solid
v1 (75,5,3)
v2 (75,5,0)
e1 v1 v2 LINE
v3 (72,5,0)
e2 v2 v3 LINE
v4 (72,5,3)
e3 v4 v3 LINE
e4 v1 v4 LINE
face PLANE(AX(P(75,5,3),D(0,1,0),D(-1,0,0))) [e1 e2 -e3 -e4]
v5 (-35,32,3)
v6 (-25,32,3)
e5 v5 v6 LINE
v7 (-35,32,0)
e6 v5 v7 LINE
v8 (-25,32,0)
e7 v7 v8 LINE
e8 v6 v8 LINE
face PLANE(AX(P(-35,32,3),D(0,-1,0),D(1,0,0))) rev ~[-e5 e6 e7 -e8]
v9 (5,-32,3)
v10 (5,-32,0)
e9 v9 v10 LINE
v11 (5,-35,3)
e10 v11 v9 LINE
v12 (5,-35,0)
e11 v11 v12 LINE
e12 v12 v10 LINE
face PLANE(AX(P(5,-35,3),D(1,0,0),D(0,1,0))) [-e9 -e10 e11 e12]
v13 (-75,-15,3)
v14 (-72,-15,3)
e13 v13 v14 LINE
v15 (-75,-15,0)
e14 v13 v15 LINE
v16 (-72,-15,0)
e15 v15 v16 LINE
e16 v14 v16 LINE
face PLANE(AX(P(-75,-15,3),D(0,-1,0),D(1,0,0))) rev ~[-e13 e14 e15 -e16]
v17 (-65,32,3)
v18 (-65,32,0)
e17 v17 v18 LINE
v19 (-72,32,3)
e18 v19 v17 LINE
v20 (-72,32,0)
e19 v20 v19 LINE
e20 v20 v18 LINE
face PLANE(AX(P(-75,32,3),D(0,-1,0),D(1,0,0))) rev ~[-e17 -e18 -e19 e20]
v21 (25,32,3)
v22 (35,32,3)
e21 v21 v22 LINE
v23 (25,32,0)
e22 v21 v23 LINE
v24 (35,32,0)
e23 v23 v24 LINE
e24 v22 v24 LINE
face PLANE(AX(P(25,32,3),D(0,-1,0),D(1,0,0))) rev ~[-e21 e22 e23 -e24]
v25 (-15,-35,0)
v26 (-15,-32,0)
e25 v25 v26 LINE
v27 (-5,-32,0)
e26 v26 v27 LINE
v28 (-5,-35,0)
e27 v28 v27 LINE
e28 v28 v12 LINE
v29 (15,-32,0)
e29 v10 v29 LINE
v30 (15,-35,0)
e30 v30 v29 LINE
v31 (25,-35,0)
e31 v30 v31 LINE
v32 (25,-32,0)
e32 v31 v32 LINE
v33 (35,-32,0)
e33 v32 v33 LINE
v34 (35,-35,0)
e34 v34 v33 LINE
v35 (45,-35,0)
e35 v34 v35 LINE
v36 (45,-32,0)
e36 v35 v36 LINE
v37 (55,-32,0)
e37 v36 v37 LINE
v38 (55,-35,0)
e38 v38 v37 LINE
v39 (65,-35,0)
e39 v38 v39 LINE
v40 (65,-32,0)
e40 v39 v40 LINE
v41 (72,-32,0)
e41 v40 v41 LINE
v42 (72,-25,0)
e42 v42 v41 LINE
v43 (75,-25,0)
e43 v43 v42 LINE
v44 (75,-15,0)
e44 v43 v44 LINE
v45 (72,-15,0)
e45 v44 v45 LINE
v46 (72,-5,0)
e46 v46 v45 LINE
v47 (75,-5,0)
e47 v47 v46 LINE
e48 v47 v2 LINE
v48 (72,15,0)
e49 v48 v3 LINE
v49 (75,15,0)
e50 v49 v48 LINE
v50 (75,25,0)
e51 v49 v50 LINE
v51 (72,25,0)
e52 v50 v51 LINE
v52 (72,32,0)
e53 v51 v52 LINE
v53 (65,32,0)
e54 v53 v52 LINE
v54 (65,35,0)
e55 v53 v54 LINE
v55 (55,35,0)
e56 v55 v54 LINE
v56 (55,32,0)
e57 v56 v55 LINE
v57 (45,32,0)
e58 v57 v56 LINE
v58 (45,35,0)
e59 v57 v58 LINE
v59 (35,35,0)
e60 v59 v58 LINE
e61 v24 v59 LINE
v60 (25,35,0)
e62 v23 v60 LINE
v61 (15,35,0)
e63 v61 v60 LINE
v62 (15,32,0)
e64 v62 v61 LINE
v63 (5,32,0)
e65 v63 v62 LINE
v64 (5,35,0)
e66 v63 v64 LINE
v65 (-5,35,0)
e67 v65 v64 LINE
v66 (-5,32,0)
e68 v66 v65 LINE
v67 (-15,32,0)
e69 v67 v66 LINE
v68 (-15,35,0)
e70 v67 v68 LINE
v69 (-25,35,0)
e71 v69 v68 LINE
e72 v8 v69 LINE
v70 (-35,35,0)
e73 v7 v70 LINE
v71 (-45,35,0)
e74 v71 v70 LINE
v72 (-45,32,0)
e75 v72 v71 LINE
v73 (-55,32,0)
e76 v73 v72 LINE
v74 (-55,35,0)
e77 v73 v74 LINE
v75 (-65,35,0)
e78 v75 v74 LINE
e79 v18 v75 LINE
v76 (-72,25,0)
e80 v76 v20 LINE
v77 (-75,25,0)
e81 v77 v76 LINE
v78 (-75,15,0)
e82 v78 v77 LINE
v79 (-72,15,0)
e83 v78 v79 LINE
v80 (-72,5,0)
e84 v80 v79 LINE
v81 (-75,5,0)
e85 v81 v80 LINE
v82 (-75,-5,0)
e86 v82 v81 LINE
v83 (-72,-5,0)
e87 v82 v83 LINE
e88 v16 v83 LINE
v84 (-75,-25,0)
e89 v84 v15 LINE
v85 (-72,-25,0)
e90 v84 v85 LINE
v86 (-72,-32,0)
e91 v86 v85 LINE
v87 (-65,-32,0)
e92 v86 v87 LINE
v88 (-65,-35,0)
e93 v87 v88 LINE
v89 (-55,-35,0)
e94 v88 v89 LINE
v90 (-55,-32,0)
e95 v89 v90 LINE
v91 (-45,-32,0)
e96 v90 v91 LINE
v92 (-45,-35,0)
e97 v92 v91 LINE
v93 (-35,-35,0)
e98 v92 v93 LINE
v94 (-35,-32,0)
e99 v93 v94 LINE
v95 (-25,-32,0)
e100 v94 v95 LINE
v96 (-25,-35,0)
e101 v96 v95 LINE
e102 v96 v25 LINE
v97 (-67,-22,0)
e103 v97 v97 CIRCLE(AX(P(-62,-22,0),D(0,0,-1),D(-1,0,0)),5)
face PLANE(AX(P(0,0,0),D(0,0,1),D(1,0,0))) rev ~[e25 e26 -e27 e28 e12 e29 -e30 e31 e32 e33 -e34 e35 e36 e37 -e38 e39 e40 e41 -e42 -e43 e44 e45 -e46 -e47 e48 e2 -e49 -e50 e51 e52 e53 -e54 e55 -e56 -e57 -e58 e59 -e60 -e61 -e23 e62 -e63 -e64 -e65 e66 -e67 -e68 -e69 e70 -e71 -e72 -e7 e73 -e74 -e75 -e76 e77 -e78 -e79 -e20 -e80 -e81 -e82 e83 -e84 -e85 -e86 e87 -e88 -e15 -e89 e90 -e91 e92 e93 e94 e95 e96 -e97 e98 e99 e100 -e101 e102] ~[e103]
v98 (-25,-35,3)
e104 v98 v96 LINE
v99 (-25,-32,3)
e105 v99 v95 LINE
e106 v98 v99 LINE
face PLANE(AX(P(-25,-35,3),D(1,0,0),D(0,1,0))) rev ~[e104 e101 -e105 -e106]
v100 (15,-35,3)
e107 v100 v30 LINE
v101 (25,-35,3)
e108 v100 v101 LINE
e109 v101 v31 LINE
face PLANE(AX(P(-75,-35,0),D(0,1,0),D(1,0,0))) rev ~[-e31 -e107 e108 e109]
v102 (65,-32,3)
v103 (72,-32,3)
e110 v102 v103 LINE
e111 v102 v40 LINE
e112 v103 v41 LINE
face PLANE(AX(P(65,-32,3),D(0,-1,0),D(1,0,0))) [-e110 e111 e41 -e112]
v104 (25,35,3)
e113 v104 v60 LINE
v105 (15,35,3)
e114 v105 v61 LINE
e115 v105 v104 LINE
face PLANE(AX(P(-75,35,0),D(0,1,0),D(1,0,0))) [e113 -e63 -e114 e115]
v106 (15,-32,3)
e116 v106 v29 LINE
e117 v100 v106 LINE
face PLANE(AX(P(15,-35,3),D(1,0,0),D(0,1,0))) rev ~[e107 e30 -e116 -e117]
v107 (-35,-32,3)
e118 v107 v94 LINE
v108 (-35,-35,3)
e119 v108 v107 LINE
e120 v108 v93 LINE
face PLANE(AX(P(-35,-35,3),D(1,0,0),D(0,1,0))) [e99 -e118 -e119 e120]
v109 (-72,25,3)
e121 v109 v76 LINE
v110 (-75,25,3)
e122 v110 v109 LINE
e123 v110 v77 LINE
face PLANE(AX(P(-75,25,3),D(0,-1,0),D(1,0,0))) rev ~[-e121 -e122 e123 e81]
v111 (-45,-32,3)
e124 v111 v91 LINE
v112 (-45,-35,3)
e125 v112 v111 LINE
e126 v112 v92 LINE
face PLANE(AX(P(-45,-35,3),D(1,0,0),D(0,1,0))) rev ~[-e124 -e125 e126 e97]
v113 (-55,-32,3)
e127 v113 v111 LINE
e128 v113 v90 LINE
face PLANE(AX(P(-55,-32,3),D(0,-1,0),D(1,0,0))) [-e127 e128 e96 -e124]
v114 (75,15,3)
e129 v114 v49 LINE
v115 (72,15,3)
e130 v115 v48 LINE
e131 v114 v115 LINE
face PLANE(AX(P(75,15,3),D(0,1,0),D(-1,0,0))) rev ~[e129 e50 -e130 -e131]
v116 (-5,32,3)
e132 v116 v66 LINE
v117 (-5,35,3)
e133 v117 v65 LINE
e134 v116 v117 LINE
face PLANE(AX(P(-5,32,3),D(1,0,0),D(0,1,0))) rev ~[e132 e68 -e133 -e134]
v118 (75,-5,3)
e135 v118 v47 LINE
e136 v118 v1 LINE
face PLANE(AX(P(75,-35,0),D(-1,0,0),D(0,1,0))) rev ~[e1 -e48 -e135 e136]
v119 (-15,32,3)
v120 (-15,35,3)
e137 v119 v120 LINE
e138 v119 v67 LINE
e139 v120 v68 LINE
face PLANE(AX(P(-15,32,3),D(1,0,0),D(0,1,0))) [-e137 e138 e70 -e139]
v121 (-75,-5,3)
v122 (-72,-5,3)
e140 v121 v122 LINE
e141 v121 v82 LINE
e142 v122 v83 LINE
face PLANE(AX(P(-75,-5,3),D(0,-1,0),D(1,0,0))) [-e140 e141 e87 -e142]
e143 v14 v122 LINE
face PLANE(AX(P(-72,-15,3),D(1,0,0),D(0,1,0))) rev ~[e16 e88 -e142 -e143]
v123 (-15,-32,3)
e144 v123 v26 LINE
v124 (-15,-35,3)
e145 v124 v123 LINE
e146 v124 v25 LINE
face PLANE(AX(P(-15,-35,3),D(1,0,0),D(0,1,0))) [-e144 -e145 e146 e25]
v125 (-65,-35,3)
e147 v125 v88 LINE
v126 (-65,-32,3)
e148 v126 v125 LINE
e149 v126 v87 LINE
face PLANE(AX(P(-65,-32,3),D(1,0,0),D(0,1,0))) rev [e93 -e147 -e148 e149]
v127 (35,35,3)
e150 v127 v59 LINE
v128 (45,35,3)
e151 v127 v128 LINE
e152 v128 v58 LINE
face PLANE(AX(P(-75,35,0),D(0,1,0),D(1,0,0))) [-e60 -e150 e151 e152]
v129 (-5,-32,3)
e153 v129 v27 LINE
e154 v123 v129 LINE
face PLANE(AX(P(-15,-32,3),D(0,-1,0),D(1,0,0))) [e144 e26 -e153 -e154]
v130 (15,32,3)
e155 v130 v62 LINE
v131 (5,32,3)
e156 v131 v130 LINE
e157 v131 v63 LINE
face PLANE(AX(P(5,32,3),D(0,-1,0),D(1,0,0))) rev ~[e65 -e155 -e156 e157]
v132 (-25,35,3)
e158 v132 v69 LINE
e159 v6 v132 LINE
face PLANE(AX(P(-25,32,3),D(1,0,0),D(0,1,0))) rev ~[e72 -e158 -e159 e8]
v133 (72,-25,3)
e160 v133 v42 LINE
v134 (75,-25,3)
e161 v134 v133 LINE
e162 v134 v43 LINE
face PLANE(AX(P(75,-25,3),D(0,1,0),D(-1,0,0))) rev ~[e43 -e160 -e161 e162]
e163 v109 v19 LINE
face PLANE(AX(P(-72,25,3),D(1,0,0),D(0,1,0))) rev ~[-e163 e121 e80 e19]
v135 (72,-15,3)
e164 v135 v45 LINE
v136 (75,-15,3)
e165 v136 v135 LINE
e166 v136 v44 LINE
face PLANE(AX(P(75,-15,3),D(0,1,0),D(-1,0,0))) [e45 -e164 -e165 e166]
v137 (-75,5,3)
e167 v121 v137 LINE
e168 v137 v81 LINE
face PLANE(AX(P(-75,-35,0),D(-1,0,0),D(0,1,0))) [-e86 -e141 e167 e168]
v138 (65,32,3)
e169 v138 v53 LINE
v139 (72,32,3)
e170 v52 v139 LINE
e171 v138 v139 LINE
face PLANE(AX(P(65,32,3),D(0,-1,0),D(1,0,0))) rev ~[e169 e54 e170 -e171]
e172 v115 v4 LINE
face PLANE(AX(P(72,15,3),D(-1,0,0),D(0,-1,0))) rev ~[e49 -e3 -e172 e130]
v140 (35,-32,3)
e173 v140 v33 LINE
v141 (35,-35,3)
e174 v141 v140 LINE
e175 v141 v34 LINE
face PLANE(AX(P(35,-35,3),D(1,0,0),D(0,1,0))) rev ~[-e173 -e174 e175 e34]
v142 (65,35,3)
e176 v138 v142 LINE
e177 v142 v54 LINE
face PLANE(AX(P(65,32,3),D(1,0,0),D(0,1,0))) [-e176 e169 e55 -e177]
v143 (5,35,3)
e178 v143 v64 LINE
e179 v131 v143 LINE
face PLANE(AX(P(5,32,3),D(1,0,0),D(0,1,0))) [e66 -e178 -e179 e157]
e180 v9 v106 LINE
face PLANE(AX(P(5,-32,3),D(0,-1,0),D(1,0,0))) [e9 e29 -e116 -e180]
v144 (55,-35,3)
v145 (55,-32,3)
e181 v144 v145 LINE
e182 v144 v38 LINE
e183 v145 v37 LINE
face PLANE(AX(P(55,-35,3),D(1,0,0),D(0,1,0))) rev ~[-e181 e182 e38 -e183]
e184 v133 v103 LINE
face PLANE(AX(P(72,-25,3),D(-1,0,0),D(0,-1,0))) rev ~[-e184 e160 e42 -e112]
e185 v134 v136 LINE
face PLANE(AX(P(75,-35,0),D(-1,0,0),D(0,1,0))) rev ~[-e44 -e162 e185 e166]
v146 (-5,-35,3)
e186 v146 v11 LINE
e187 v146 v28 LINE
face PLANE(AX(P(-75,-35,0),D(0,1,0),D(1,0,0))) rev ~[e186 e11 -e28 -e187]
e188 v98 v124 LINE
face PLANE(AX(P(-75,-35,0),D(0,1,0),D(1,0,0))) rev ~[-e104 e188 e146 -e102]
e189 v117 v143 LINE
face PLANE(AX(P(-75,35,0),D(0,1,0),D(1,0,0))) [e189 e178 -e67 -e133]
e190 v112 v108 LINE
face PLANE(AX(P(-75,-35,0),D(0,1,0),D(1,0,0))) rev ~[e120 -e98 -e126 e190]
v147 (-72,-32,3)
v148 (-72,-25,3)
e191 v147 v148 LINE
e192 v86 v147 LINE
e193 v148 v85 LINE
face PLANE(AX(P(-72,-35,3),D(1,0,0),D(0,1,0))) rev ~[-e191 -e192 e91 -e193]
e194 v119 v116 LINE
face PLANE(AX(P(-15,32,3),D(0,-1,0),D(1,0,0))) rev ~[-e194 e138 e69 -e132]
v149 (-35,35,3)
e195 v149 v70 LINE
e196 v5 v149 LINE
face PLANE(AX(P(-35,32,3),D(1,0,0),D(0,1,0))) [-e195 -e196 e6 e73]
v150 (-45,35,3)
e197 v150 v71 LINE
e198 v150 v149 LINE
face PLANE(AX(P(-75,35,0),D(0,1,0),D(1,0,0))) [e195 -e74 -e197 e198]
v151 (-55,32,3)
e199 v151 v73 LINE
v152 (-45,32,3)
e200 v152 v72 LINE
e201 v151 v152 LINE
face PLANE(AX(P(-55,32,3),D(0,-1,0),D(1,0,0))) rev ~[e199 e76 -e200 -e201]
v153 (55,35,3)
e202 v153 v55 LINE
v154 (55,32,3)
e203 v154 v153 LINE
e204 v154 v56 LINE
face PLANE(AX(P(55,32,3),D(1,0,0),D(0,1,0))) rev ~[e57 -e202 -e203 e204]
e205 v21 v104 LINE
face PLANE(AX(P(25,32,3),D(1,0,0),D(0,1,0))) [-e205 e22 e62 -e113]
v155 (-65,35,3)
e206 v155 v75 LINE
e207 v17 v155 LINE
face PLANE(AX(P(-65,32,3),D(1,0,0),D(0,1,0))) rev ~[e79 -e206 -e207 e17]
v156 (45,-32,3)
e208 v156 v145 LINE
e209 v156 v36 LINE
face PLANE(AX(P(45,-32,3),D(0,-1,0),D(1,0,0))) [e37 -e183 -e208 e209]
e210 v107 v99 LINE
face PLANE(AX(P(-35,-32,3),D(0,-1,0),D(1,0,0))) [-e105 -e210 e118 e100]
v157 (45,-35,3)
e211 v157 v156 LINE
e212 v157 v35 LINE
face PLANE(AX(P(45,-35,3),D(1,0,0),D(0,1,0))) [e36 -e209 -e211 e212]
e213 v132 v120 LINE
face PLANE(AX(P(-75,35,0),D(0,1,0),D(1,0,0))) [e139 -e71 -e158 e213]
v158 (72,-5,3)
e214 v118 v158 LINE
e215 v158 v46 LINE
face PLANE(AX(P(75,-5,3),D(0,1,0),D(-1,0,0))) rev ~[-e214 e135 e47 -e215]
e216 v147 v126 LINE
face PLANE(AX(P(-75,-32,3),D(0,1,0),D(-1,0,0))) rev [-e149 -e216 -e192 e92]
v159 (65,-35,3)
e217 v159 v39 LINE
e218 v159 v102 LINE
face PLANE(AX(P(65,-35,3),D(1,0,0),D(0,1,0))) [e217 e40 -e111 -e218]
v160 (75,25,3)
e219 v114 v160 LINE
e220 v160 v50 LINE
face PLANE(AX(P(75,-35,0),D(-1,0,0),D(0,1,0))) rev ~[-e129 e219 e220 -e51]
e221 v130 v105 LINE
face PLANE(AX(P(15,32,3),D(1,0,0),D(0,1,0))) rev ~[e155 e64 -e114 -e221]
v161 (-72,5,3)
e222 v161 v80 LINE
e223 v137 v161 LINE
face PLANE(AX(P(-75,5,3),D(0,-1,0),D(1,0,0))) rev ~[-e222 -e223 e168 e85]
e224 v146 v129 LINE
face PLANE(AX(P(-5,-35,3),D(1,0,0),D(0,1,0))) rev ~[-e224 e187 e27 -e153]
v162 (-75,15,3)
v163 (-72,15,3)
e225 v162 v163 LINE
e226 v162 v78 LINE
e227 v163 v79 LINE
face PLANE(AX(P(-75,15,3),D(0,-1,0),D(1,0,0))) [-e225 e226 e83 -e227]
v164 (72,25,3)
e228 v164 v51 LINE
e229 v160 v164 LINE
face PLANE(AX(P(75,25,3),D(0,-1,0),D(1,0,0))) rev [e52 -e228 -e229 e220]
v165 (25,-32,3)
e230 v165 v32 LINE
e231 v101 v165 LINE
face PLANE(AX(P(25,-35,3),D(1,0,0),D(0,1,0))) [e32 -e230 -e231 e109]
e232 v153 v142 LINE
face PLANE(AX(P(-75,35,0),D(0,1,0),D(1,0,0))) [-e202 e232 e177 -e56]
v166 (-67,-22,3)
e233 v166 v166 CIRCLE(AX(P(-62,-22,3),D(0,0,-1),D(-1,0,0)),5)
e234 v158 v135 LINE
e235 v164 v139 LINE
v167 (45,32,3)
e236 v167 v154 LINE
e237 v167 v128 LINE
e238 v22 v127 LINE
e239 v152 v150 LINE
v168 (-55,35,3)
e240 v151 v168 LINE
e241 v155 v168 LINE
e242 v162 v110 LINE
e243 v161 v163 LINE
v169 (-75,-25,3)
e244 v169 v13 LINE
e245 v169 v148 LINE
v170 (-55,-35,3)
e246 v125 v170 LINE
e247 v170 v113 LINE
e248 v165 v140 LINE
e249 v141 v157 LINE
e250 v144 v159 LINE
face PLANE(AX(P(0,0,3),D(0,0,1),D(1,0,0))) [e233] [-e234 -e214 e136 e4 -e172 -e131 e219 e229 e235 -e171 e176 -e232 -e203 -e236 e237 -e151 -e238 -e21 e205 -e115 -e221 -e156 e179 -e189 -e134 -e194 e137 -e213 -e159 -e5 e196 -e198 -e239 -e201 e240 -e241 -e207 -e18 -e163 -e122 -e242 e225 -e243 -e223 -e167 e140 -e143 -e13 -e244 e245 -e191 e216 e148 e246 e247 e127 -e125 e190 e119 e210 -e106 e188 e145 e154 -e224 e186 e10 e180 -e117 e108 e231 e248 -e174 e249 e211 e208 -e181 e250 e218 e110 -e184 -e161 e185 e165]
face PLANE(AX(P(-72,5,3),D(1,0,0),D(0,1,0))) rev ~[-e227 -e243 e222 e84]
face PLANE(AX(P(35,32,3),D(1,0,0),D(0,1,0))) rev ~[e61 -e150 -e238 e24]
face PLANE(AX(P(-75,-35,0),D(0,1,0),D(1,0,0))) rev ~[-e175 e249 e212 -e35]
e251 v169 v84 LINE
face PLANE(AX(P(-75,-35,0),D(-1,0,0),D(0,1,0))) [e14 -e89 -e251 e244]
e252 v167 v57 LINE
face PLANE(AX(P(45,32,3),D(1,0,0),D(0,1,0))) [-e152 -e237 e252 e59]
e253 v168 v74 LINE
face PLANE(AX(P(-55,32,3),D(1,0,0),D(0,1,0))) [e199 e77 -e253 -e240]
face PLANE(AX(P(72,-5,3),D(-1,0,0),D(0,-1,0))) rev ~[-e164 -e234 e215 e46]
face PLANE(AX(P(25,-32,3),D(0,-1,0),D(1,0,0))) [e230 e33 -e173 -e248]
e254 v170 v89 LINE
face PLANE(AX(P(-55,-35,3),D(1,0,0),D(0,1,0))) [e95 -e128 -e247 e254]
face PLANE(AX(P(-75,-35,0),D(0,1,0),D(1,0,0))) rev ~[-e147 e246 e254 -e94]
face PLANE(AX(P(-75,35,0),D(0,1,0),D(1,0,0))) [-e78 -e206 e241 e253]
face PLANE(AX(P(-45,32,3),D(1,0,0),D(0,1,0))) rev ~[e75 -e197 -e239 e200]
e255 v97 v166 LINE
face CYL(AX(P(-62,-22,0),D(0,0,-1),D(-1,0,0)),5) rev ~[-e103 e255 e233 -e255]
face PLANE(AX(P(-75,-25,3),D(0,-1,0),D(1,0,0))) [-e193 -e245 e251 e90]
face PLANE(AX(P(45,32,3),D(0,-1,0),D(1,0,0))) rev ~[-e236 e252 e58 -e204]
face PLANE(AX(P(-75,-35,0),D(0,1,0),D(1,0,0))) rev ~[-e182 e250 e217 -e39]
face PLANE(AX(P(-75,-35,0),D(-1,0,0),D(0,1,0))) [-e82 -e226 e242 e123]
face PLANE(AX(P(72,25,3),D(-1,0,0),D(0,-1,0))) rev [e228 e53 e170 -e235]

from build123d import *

# Parameters (mm, degrees)
SKETCH1_W               = 150
SKETCH1_H               = 70
BOSS_EXTRUDE1_DEPTH     = 3
SKETCH2_W               = 10
SKETCH2_H               = 3
CUT_EXTRUDE1_DEPTH      = 3
LPATTERN3_COUNT         = 8
LPATTERN3_PITCH         = 20
MIRROR1_COPY_1_SKETCH_W = 10
MIRROR1_COPY_1_SKETCH_H = 3
MIRROR1_COPY_1_DEPTH    = 3
MIRROR1_COPY_2_SKETCH_W = 10
MIRROR1_COPY_2_SKETCH_H = 3
MIRROR1_COPY_2_DEPTH    = 3
MIRROR1_COPY_3_SKETCH_W = 10
MIRROR1_COPY_3_SKETCH_H = 3
MIRROR1_COPY_3_DEPTH    = 3
MIRROR1_COPY_4_SKETCH_W = 10
MIRROR1_COPY_4_SKETCH_H = 3
MIRROR1_COPY_4_DEPTH    = 3
MIRROR1_COPY_5_SKETCH_W = 10
MIRROR1_COPY_5_SKETCH_H = 3
MIRROR1_COPY_5_DEPTH    = 3
MIRROR1_COPY_6_SKETCH_W = 10
MIRROR1_COPY_6_SKETCH_H = 3
MIRROR1_COPY_6_DEPTH    = 3
MIRROR1_COPY_7_SKETCH_W = 10
MIRROR1_COPY_7_SKETCH_H = 3
MIRROR1_COPY_7_DEPTH    = 3
SKETCH3_W               = 3
SKETCH3_H               = 10
CUT_EXTRUDE2_DEPTH      = 3
LPATTERN4_COUNT         = 4
LPATTERN4_PITCH         = 20
MIRROR2_COPY_1_SKETCH_W = 3
MIRROR2_COPY_1_SKETCH_H = 10
MIRROR2_COPY_1_DEPTH    = 3
MIRROR2_COPY_2_SKETCH_W = 3
MIRROR2_COPY_2_SKETCH_H = 10
MIRROR2_COPY_2_DEPTH    = 3
MIRROR2_COPY_3_SKETCH_W = 3
MIRROR2_COPY_3_SKETCH_H = 10
MIRROR2_COPY_3_DEPTH    = 3
SKETCH6_R               = 5
CUT_EXTRUDE3_DEPTH      = 3


with BuildPart() as part:
    # Sketch1 → Boss-Extrude1 (new body)
    with BuildSketch(Plane.XY):
        Rectangle(SKETCH1_W, SKETCH1_H)
    extrude(amount=BOSS_EXTRUDE1_DEPTH)

    # Sketch2 → Cut-Extrude1 (cut)
    with BuildSketch(Plane.XY.offset(3)):
        with Locations((-70, 33.5)):
            Rectangle(SKETCH2_W, SKETCH2_H)
    cut_extrude1 = extrude(amount=-CUT_EXTRUDE1_DEPTH, mode=Mode.SUBTRACT)

    # LPattern3: Cut-Extrude1 ×8
    with Locations(*[(i * LPATTERN3_PITCH, 0, 0) for i in range(1, LPATTERN3_COUNT)]):
        add(cut_extrude1, mode=Mode.SUBTRACT)

    # Mirror1: Cut-Extrude1 across plane
    add(cut_extrude1.mirror(Plane.ZX), mode=Mode.SUBTRACT)

    # Mirror1 copy 1 sketch → Mirror1 copy 1 (cut)
    with BuildSketch(Plane(origin=(20, 0, 3), x_dir=(1, 0, 0), z_dir=(0, 0, 1))):
        with Locations((-70, -33.5)):
            Rectangle(MIRROR1_COPY_1_SKETCH_W, MIRROR1_COPY_1_SKETCH_H)
    extrude(amount=-MIRROR1_COPY_1_DEPTH, mode=Mode.SUBTRACT)

    # Mirror1 copy 2 sketch → Mirror1 copy 2 (cut)
    with BuildSketch(Plane(origin=(40, 0, 3), x_dir=(1, 0, 0), z_dir=(0, 0, 1))):
        with Locations((-70, -33.5)):
            Rectangle(MIRROR1_COPY_2_SKETCH_W, MIRROR1_COPY_2_SKETCH_H)
    extrude(amount=-MIRROR1_COPY_2_DEPTH, mode=Mode.SUBTRACT)

    # Mirror1 copy 3 sketch → Mirror1 copy 3 (cut)
    with BuildSketch(Plane(origin=(60, 0, 3), x_dir=(1, 0, 0), z_dir=(0, 0, 1))):
        with Locations((-70, -33.5)):
            Rectangle(MIRROR1_COPY_3_SKETCH_W, MIRROR1_COPY_3_SKETCH_H)
    extrude(amount=-MIRROR1_COPY_3_DEPTH, mode=Mode.SUBTRACT)

    # Mirror1 copy 4 sketch → Mirror1 copy 4 (cut)
    with BuildSketch(Plane(origin=(80, 0, 3), x_dir=(1, 0, 0), z_dir=(0, 0, 1))):
        with Locations((-70, -33.5)):
            Rectangle(MIRROR1_COPY_4_SKETCH_W, MIRROR1_COPY_4_SKETCH_H)
    extrude(amount=-MIRROR1_COPY_4_DEPTH, mode=Mode.SUBTRACT)

    # Mirror1 copy 5 sketch → Mirror1 copy 5 (cut)
    with BuildSketch(Plane(origin=(100, 0, 3), x_dir=(1, 0, 0), z_dir=(0, 0, 1))):
        with Locations((-70, -33.5)):
            Rectangle(MIRROR1_COPY_5_SKETCH_W, MIRROR1_COPY_5_SKETCH_H)
    extrude(amount=-MIRROR1_COPY_5_DEPTH, mode=Mode.SUBTRACT)

    # Mirror1 copy 6 sketch → Mirror1 copy 6 (cut)
    with BuildSketch(Plane(origin=(120, 0, 3), x_dir=(1, 0, 0), z_dir=(0, 0, 1))):
        with Locations((-70, -33.5)):
            Rectangle(MIRROR1_COPY_6_SKETCH_W, MIRROR1_COPY_6_SKETCH_H)
    extrude(amount=-MIRROR1_COPY_6_DEPTH, mode=Mode.SUBTRACT)

    # Mirror1 copy 7 sketch → Mirror1 copy 7 (cut)
    with BuildSketch(Plane(origin=(140, 0, 3), x_dir=(1, 0, 0), z_dir=(0, 0, 1))):
        with Locations((-70, -33.5)):
            Rectangle(MIRROR1_COPY_7_SKETCH_W, MIRROR1_COPY_7_SKETCH_H)
    extrude(amount=-MIRROR1_COPY_7_DEPTH, mode=Mode.SUBTRACT)

    # Sketch3 → Cut-Extrude2 (cut)
    with BuildSketch(Plane.XY.offset(3)):
        with Locations((-73.5, 30)):
            Rectangle(SKETCH3_W, SKETCH3_H)
    cut_extrude2 = extrude(amount=-CUT_EXTRUDE2_DEPTH, mode=Mode.SUBTRACT)

    # LPattern4: Cut-Extrude2 ×4
    with Locations(*[(0, -i * LPATTERN4_PITCH, 0) for i in range(1, LPATTERN4_COUNT)]):
        add(cut_extrude2, mode=Mode.SUBTRACT)

    # Mirror2: Cut-Extrude2 across plane
    add(cut_extrude2.mirror(Plane(origin=(0, 0, 0), x_dir=(0, 0, 1), z_dir=(1, 0, 0))), mode=Mode.SUBTRACT)

    # Mirror2 copy 1 sketch → Mirror2 copy 1 (cut)
    with BuildSketch(Plane(origin=(0, -20, 3), x_dir=(-1, 0, 0), z_dir=(0, 0, 1))):
        with Locations((-73.5, -30)):
            Rectangle(MIRROR2_COPY_1_SKETCH_W, MIRROR2_COPY_1_SKETCH_H)
    extrude(amount=-MIRROR2_COPY_1_DEPTH, mode=Mode.SUBTRACT)

    # Mirror2 copy 2 sketch → Mirror2 copy 2 (cut)
    with BuildSketch(Plane(origin=(0, -40, 3), x_dir=(-1, 0, 0), z_dir=(0, 0, 1))):
        with Locations((-73.5, -30)):
            Rectangle(MIRROR2_COPY_2_SKETCH_W, MIRROR2_COPY_2_SKETCH_H)
    extrude(amount=-MIRROR2_COPY_2_DEPTH, mode=Mode.SUBTRACT)

    # Mirror2 copy 3 sketch → Mirror2 copy 3 (cut)
    with BuildSketch(Plane(origin=(0, -60, 3), x_dir=(-1, 0, 0), z_dir=(0, 0, 1))):
        with Locations((-73.5, -30)):
            Rectangle(MIRROR2_COPY_3_SKETCH_W, MIRROR2_COPY_3_SKETCH_H)
    extrude(amount=-MIRROR2_COPY_3_DEPTH, mode=Mode.SUBTRACT)

    # Sketch6 → Cut-Extrude3 (cut)
    with BuildSketch(Plane(origin=(0, 0, 0), x_dir=(-1, 0, 0), z_dir=(0, 0, -1))):
        with Locations((62, -22)):
            Circle(SKETCH6_R)
    extrude(amount=-CUT_EXTRUDE3_DEPTH, mode=Mode.SUBTRACT)


solid = part.part
